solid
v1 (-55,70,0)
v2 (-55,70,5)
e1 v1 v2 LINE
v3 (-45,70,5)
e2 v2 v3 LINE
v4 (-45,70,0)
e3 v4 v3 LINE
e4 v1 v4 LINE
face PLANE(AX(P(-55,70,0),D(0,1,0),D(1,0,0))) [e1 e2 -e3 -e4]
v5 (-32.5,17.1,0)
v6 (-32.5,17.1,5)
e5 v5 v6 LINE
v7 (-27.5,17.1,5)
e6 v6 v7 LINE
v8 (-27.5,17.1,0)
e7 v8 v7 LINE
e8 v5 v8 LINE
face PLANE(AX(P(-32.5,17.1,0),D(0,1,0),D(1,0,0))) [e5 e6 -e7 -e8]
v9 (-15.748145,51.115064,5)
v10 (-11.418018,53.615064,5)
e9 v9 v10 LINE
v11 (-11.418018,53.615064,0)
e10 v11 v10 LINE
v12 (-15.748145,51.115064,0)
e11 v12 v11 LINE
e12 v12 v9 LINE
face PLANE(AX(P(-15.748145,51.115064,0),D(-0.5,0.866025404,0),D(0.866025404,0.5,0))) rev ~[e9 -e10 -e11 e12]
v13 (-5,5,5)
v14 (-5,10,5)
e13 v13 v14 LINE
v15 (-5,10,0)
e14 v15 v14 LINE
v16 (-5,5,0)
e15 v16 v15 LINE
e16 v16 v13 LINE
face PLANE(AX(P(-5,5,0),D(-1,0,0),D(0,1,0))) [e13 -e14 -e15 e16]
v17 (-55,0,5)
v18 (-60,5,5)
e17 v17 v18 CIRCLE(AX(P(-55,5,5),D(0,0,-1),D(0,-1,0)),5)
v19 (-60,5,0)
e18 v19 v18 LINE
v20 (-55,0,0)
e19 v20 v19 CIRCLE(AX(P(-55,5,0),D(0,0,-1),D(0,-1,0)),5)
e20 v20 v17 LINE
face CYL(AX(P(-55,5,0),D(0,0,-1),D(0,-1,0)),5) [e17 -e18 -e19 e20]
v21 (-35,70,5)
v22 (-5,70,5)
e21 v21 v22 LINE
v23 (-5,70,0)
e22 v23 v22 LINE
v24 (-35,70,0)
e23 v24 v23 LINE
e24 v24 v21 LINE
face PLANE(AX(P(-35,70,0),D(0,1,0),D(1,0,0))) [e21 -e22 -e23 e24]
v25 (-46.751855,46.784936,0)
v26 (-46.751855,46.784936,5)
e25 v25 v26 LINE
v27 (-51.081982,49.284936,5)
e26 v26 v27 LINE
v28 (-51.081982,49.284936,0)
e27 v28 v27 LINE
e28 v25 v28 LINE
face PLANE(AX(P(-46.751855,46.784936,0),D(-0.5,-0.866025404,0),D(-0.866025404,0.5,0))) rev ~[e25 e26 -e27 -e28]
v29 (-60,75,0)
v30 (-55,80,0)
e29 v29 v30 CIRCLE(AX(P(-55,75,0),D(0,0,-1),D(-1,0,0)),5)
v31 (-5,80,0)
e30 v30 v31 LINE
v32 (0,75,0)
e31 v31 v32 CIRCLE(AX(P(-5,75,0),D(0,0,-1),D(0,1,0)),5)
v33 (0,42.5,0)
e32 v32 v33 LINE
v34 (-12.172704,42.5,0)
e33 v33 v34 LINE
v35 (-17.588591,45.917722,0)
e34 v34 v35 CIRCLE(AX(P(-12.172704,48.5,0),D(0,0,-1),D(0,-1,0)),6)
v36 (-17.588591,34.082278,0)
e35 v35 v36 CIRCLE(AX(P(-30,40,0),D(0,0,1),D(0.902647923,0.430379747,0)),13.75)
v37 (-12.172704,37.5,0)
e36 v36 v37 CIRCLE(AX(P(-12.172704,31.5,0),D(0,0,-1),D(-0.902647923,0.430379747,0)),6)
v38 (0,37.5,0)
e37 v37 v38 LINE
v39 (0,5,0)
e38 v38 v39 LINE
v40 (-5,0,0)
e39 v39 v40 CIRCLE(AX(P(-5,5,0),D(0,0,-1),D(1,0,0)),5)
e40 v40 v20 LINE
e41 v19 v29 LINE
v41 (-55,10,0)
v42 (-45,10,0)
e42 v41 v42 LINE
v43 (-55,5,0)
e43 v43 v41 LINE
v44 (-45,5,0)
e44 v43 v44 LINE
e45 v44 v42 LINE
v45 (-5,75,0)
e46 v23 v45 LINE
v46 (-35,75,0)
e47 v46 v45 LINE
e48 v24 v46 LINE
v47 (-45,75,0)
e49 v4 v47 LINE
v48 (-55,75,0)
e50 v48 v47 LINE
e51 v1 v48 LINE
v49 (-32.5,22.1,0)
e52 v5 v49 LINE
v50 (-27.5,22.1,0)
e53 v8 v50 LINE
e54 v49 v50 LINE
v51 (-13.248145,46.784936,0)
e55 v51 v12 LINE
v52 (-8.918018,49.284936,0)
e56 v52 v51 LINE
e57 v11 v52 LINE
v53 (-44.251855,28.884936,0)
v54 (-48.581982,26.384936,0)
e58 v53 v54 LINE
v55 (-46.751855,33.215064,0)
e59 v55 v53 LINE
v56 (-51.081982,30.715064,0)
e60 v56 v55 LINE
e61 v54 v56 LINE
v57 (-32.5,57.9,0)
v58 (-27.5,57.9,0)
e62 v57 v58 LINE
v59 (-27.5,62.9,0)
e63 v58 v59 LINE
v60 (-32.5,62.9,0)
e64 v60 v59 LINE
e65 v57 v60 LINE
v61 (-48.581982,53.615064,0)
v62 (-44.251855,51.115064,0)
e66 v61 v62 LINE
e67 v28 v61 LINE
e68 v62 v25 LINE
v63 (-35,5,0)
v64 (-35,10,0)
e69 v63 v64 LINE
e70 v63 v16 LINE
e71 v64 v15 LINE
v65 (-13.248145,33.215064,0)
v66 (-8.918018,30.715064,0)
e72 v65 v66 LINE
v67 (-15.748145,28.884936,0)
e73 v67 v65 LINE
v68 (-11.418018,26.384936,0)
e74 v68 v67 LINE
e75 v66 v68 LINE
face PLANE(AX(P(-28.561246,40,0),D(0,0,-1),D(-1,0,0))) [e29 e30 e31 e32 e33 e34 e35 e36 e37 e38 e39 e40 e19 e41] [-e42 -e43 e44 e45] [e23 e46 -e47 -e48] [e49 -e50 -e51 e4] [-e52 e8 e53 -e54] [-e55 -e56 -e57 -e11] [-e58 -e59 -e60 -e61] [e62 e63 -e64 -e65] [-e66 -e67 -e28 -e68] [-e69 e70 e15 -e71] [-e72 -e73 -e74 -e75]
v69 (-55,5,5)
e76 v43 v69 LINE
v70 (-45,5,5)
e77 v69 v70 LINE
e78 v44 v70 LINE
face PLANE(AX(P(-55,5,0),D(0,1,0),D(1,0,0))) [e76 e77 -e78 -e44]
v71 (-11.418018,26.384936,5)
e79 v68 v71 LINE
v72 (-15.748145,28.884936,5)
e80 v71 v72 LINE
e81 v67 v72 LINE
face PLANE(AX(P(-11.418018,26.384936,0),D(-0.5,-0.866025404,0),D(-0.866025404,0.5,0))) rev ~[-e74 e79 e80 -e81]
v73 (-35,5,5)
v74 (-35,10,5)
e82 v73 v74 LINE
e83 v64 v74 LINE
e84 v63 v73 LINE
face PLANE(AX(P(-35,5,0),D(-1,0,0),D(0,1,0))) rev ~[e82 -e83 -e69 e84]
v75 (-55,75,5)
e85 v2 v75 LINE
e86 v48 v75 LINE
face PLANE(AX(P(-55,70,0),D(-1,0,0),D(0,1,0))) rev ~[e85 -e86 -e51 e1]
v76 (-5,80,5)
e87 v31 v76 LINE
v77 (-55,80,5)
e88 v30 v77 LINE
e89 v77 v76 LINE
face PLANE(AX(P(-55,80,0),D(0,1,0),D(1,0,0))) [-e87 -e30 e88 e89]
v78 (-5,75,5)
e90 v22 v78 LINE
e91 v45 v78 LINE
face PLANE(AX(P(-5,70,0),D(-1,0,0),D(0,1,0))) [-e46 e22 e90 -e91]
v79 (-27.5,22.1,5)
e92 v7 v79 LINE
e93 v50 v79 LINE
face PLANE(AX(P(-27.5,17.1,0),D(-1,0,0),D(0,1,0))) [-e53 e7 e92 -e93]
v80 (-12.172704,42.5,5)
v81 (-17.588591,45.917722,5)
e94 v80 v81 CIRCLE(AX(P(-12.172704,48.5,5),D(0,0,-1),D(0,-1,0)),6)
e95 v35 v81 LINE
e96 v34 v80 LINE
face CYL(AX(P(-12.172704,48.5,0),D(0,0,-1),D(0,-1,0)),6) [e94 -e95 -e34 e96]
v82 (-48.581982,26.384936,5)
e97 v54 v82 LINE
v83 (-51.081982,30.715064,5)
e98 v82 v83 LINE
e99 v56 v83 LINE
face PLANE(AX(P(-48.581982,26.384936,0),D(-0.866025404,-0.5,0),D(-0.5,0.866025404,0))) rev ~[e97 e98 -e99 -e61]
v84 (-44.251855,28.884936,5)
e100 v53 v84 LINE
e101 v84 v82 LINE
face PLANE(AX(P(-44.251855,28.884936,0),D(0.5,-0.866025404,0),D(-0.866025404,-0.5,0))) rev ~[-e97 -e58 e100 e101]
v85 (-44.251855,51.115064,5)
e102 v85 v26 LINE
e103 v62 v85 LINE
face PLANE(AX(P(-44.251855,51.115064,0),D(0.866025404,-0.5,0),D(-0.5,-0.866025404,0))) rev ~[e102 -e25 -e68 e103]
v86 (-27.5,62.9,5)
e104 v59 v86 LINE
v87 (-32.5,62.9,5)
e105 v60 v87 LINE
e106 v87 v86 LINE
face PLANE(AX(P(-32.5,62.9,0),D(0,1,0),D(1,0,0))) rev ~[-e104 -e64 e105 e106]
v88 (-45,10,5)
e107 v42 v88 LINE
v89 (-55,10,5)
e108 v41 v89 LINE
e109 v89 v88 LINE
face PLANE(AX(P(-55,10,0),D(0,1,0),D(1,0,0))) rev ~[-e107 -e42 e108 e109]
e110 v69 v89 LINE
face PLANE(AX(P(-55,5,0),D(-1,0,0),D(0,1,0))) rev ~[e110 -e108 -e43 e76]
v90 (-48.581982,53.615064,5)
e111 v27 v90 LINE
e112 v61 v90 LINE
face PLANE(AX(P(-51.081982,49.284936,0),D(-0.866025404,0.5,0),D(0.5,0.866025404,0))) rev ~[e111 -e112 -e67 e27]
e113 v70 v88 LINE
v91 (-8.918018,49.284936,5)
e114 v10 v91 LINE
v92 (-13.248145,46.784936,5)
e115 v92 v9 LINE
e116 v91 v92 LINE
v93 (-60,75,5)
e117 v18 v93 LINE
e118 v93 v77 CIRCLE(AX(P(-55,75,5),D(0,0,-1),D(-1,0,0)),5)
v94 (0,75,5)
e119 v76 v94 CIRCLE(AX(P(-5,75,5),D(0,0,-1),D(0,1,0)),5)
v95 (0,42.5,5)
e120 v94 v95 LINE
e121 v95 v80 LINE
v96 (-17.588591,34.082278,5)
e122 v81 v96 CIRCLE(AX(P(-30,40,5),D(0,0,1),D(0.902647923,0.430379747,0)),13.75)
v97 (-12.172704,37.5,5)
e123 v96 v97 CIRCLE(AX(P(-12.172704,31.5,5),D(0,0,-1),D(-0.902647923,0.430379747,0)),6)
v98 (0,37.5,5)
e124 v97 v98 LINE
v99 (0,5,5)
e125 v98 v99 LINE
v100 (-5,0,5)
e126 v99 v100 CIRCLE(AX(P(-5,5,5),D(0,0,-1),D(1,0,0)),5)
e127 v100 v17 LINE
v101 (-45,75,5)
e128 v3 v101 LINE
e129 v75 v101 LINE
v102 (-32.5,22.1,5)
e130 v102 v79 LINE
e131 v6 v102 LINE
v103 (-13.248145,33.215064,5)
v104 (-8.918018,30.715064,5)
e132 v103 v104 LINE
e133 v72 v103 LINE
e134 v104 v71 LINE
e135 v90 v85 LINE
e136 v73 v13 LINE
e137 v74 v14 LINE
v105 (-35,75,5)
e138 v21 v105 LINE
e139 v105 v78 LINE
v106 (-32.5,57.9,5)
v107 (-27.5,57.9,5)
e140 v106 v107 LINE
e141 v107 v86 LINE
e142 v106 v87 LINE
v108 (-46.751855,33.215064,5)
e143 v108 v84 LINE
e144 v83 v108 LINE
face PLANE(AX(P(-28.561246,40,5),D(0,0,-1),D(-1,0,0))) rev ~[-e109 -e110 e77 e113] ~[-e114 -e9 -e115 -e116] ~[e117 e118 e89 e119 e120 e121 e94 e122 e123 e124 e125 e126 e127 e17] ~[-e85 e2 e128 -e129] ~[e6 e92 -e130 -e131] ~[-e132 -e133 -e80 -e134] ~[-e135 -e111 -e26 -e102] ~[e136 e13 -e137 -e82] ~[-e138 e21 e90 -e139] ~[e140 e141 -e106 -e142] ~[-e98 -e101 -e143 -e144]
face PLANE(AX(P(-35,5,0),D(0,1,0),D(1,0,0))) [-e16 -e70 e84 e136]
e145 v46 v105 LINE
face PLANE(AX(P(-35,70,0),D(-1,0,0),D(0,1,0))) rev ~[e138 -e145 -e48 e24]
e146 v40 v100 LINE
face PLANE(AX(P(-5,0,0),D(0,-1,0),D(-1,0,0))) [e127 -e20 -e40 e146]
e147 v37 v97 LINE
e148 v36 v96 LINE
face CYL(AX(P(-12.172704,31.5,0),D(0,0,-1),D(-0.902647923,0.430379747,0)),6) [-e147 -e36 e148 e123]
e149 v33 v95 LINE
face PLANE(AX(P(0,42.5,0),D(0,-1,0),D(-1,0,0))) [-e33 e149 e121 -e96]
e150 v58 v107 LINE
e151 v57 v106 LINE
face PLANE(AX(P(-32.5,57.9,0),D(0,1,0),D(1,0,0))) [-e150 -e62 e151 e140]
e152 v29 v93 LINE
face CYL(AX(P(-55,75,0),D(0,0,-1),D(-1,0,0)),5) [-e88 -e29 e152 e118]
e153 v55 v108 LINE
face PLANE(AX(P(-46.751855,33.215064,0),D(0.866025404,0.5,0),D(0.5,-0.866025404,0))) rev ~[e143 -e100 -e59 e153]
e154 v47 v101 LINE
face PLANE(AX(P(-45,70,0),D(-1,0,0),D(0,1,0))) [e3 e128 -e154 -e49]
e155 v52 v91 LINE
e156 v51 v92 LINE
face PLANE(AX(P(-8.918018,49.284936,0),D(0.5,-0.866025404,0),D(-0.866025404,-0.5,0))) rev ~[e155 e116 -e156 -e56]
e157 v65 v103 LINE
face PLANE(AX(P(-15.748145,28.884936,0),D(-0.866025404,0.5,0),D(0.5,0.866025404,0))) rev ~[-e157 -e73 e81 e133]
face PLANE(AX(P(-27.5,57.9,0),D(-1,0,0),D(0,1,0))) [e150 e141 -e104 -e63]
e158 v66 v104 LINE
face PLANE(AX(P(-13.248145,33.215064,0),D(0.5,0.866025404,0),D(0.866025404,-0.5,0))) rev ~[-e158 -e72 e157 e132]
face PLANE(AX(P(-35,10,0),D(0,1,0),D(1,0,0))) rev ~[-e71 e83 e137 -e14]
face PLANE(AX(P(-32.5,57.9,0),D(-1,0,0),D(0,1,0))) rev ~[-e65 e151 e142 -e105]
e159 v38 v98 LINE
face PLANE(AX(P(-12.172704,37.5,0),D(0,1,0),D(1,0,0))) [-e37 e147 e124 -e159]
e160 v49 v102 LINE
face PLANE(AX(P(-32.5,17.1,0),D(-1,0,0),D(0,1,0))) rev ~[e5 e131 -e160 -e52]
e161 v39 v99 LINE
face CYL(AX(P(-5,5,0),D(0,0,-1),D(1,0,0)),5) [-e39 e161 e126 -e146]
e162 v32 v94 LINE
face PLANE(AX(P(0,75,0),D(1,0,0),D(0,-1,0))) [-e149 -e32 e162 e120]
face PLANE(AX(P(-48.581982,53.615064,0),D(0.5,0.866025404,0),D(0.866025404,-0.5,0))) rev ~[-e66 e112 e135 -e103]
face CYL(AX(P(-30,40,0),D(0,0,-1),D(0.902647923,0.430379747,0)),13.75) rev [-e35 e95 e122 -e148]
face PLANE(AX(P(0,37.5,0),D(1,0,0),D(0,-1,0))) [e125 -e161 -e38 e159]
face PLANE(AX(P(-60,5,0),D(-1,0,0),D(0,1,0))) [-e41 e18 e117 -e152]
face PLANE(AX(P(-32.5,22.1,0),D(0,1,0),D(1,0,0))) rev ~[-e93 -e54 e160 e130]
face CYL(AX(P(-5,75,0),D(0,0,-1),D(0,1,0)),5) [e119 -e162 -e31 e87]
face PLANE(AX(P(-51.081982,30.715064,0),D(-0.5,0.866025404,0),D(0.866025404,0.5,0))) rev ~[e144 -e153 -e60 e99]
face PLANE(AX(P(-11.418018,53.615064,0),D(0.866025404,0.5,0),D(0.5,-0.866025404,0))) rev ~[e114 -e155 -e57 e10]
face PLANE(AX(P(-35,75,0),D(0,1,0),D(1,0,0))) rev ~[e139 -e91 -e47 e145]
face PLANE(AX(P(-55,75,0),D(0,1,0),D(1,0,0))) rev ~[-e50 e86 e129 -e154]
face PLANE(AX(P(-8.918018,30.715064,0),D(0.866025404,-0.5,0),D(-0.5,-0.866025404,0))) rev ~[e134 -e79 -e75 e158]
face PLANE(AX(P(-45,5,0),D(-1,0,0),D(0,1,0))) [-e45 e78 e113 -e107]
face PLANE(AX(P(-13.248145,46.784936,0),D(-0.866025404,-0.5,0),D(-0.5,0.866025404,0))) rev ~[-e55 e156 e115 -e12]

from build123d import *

# Parameters (mm, degrees)
ESQUISSE1_W        = 10
ESQUISSE1_H        = 5
ESQUISSE1_W_2      = 30
ESQUISSE1_W_3      = 5
BOSS_EXTRU_1_DEPTH = 5


with BuildPart() as part:
    # Esquisse1 → Boss.-Extru.1 (new body)
    with BuildSketch(Plane.XY):
        with BuildLine():
            Line((-55, 80), (-5, 80))
            ThreePointArc((-5, 80), (-1.464466094, 78.535533906), (0, 75))
            Line((0, 75), (0, 42.5))
            Line((0, 42.5), (-12.172703514, 42.5))
            ThreePointArc((-12.172703514, 42.5), (-15.374759815, 43.42586604), (-17.588591054, 45.917721519))
            ThreePointArc((-17.588591054, 45.917721519), (-43.75, 40), (-17.588591054, 34.082278481))
            ThreePointArc((-17.588591054, 34.082278481), (-15.374759815, 36.57413396), (-12.172703514, 37.5))
            Line((-12.172703514, 37.5), (0, 37.5))
            Line((0, 37.5), (0, 5))
            ThreePointArc((0, 5), (-1.464466094, 1.464466094), (-5, 0))
            Line((-5, 0), (-55, 0))
            ThreePointArc((-55, 0), (-58.535533906, 1.464466094), (-60, 5))
            Line((-60, 5), (-60, 75))
            ThreePointArc((-60, 75), (-58.535533906, 78.535533906), (-55, 80))
        make_face()
        with Locations((-50, 7.5)):
            Rectangle(ESQUISSE1_W, ESQUISSE1_H, mode=Mode.SUBTRACT)
        with Locations((-20, 7.5)):
            Rectangle(ESQUISSE1_W_2, ESQUISSE1_H, mode=Mode.SUBTRACT)
        with Locations((-20, 72.5)):
            Rectangle(ESQUISSE1_W_2, ESQUISSE1_H, mode=Mode.SUBTRACT)
        with Locations((-50, 72.5)):
            Rectangle(ESQUISSE1_W, ESQUISSE1_H, mode=Mode.SUBTRACT)
        with Locations((-30, 60.4)):
            Rectangle(ESQUISSE1_W_3, ESQUISSE1_H, mode=Mode.SUBTRACT)
        Polygon((-11.418018253, 53.615063509), (-8.918018253, 49.284936491), (-13.248145272, 46.784936491), (-15.748145272, 51.115063509), align=None, mode=Mode.SUBTRACT)
        Polygon((-8.918018253, 30.715063509), (-11.418018253, 26.384936491), (-15.748145272, 28.884936491), (-13.248145272, 33.215063509), align=None, mode=Mode.SUBTRACT)
        with Locations((-30, 19.6)):
            Rectangle(ESQUISSE1_W_3, ESQUISSE1_H, mode=Mode.SUBTRACT)
        Polygon((-48.581981747, 26.384936491), (-51.081981747, 30.715063509), (-46.751854728, 33.215063509), (-44.251854728, 28.884936491), align=None, mode=Mode.SUBTRACT)
        Polygon((-51.081981747, 49.284936491), (-48.581981747, 53.615063509), (-44.251854728, 51.115063509), (-46.751854728, 46.784936491), align=None, mode=Mode.SUBTRACT)
    extrude(amount=BOSS_EXTRU_1_DEPTH)


solid = part.part
